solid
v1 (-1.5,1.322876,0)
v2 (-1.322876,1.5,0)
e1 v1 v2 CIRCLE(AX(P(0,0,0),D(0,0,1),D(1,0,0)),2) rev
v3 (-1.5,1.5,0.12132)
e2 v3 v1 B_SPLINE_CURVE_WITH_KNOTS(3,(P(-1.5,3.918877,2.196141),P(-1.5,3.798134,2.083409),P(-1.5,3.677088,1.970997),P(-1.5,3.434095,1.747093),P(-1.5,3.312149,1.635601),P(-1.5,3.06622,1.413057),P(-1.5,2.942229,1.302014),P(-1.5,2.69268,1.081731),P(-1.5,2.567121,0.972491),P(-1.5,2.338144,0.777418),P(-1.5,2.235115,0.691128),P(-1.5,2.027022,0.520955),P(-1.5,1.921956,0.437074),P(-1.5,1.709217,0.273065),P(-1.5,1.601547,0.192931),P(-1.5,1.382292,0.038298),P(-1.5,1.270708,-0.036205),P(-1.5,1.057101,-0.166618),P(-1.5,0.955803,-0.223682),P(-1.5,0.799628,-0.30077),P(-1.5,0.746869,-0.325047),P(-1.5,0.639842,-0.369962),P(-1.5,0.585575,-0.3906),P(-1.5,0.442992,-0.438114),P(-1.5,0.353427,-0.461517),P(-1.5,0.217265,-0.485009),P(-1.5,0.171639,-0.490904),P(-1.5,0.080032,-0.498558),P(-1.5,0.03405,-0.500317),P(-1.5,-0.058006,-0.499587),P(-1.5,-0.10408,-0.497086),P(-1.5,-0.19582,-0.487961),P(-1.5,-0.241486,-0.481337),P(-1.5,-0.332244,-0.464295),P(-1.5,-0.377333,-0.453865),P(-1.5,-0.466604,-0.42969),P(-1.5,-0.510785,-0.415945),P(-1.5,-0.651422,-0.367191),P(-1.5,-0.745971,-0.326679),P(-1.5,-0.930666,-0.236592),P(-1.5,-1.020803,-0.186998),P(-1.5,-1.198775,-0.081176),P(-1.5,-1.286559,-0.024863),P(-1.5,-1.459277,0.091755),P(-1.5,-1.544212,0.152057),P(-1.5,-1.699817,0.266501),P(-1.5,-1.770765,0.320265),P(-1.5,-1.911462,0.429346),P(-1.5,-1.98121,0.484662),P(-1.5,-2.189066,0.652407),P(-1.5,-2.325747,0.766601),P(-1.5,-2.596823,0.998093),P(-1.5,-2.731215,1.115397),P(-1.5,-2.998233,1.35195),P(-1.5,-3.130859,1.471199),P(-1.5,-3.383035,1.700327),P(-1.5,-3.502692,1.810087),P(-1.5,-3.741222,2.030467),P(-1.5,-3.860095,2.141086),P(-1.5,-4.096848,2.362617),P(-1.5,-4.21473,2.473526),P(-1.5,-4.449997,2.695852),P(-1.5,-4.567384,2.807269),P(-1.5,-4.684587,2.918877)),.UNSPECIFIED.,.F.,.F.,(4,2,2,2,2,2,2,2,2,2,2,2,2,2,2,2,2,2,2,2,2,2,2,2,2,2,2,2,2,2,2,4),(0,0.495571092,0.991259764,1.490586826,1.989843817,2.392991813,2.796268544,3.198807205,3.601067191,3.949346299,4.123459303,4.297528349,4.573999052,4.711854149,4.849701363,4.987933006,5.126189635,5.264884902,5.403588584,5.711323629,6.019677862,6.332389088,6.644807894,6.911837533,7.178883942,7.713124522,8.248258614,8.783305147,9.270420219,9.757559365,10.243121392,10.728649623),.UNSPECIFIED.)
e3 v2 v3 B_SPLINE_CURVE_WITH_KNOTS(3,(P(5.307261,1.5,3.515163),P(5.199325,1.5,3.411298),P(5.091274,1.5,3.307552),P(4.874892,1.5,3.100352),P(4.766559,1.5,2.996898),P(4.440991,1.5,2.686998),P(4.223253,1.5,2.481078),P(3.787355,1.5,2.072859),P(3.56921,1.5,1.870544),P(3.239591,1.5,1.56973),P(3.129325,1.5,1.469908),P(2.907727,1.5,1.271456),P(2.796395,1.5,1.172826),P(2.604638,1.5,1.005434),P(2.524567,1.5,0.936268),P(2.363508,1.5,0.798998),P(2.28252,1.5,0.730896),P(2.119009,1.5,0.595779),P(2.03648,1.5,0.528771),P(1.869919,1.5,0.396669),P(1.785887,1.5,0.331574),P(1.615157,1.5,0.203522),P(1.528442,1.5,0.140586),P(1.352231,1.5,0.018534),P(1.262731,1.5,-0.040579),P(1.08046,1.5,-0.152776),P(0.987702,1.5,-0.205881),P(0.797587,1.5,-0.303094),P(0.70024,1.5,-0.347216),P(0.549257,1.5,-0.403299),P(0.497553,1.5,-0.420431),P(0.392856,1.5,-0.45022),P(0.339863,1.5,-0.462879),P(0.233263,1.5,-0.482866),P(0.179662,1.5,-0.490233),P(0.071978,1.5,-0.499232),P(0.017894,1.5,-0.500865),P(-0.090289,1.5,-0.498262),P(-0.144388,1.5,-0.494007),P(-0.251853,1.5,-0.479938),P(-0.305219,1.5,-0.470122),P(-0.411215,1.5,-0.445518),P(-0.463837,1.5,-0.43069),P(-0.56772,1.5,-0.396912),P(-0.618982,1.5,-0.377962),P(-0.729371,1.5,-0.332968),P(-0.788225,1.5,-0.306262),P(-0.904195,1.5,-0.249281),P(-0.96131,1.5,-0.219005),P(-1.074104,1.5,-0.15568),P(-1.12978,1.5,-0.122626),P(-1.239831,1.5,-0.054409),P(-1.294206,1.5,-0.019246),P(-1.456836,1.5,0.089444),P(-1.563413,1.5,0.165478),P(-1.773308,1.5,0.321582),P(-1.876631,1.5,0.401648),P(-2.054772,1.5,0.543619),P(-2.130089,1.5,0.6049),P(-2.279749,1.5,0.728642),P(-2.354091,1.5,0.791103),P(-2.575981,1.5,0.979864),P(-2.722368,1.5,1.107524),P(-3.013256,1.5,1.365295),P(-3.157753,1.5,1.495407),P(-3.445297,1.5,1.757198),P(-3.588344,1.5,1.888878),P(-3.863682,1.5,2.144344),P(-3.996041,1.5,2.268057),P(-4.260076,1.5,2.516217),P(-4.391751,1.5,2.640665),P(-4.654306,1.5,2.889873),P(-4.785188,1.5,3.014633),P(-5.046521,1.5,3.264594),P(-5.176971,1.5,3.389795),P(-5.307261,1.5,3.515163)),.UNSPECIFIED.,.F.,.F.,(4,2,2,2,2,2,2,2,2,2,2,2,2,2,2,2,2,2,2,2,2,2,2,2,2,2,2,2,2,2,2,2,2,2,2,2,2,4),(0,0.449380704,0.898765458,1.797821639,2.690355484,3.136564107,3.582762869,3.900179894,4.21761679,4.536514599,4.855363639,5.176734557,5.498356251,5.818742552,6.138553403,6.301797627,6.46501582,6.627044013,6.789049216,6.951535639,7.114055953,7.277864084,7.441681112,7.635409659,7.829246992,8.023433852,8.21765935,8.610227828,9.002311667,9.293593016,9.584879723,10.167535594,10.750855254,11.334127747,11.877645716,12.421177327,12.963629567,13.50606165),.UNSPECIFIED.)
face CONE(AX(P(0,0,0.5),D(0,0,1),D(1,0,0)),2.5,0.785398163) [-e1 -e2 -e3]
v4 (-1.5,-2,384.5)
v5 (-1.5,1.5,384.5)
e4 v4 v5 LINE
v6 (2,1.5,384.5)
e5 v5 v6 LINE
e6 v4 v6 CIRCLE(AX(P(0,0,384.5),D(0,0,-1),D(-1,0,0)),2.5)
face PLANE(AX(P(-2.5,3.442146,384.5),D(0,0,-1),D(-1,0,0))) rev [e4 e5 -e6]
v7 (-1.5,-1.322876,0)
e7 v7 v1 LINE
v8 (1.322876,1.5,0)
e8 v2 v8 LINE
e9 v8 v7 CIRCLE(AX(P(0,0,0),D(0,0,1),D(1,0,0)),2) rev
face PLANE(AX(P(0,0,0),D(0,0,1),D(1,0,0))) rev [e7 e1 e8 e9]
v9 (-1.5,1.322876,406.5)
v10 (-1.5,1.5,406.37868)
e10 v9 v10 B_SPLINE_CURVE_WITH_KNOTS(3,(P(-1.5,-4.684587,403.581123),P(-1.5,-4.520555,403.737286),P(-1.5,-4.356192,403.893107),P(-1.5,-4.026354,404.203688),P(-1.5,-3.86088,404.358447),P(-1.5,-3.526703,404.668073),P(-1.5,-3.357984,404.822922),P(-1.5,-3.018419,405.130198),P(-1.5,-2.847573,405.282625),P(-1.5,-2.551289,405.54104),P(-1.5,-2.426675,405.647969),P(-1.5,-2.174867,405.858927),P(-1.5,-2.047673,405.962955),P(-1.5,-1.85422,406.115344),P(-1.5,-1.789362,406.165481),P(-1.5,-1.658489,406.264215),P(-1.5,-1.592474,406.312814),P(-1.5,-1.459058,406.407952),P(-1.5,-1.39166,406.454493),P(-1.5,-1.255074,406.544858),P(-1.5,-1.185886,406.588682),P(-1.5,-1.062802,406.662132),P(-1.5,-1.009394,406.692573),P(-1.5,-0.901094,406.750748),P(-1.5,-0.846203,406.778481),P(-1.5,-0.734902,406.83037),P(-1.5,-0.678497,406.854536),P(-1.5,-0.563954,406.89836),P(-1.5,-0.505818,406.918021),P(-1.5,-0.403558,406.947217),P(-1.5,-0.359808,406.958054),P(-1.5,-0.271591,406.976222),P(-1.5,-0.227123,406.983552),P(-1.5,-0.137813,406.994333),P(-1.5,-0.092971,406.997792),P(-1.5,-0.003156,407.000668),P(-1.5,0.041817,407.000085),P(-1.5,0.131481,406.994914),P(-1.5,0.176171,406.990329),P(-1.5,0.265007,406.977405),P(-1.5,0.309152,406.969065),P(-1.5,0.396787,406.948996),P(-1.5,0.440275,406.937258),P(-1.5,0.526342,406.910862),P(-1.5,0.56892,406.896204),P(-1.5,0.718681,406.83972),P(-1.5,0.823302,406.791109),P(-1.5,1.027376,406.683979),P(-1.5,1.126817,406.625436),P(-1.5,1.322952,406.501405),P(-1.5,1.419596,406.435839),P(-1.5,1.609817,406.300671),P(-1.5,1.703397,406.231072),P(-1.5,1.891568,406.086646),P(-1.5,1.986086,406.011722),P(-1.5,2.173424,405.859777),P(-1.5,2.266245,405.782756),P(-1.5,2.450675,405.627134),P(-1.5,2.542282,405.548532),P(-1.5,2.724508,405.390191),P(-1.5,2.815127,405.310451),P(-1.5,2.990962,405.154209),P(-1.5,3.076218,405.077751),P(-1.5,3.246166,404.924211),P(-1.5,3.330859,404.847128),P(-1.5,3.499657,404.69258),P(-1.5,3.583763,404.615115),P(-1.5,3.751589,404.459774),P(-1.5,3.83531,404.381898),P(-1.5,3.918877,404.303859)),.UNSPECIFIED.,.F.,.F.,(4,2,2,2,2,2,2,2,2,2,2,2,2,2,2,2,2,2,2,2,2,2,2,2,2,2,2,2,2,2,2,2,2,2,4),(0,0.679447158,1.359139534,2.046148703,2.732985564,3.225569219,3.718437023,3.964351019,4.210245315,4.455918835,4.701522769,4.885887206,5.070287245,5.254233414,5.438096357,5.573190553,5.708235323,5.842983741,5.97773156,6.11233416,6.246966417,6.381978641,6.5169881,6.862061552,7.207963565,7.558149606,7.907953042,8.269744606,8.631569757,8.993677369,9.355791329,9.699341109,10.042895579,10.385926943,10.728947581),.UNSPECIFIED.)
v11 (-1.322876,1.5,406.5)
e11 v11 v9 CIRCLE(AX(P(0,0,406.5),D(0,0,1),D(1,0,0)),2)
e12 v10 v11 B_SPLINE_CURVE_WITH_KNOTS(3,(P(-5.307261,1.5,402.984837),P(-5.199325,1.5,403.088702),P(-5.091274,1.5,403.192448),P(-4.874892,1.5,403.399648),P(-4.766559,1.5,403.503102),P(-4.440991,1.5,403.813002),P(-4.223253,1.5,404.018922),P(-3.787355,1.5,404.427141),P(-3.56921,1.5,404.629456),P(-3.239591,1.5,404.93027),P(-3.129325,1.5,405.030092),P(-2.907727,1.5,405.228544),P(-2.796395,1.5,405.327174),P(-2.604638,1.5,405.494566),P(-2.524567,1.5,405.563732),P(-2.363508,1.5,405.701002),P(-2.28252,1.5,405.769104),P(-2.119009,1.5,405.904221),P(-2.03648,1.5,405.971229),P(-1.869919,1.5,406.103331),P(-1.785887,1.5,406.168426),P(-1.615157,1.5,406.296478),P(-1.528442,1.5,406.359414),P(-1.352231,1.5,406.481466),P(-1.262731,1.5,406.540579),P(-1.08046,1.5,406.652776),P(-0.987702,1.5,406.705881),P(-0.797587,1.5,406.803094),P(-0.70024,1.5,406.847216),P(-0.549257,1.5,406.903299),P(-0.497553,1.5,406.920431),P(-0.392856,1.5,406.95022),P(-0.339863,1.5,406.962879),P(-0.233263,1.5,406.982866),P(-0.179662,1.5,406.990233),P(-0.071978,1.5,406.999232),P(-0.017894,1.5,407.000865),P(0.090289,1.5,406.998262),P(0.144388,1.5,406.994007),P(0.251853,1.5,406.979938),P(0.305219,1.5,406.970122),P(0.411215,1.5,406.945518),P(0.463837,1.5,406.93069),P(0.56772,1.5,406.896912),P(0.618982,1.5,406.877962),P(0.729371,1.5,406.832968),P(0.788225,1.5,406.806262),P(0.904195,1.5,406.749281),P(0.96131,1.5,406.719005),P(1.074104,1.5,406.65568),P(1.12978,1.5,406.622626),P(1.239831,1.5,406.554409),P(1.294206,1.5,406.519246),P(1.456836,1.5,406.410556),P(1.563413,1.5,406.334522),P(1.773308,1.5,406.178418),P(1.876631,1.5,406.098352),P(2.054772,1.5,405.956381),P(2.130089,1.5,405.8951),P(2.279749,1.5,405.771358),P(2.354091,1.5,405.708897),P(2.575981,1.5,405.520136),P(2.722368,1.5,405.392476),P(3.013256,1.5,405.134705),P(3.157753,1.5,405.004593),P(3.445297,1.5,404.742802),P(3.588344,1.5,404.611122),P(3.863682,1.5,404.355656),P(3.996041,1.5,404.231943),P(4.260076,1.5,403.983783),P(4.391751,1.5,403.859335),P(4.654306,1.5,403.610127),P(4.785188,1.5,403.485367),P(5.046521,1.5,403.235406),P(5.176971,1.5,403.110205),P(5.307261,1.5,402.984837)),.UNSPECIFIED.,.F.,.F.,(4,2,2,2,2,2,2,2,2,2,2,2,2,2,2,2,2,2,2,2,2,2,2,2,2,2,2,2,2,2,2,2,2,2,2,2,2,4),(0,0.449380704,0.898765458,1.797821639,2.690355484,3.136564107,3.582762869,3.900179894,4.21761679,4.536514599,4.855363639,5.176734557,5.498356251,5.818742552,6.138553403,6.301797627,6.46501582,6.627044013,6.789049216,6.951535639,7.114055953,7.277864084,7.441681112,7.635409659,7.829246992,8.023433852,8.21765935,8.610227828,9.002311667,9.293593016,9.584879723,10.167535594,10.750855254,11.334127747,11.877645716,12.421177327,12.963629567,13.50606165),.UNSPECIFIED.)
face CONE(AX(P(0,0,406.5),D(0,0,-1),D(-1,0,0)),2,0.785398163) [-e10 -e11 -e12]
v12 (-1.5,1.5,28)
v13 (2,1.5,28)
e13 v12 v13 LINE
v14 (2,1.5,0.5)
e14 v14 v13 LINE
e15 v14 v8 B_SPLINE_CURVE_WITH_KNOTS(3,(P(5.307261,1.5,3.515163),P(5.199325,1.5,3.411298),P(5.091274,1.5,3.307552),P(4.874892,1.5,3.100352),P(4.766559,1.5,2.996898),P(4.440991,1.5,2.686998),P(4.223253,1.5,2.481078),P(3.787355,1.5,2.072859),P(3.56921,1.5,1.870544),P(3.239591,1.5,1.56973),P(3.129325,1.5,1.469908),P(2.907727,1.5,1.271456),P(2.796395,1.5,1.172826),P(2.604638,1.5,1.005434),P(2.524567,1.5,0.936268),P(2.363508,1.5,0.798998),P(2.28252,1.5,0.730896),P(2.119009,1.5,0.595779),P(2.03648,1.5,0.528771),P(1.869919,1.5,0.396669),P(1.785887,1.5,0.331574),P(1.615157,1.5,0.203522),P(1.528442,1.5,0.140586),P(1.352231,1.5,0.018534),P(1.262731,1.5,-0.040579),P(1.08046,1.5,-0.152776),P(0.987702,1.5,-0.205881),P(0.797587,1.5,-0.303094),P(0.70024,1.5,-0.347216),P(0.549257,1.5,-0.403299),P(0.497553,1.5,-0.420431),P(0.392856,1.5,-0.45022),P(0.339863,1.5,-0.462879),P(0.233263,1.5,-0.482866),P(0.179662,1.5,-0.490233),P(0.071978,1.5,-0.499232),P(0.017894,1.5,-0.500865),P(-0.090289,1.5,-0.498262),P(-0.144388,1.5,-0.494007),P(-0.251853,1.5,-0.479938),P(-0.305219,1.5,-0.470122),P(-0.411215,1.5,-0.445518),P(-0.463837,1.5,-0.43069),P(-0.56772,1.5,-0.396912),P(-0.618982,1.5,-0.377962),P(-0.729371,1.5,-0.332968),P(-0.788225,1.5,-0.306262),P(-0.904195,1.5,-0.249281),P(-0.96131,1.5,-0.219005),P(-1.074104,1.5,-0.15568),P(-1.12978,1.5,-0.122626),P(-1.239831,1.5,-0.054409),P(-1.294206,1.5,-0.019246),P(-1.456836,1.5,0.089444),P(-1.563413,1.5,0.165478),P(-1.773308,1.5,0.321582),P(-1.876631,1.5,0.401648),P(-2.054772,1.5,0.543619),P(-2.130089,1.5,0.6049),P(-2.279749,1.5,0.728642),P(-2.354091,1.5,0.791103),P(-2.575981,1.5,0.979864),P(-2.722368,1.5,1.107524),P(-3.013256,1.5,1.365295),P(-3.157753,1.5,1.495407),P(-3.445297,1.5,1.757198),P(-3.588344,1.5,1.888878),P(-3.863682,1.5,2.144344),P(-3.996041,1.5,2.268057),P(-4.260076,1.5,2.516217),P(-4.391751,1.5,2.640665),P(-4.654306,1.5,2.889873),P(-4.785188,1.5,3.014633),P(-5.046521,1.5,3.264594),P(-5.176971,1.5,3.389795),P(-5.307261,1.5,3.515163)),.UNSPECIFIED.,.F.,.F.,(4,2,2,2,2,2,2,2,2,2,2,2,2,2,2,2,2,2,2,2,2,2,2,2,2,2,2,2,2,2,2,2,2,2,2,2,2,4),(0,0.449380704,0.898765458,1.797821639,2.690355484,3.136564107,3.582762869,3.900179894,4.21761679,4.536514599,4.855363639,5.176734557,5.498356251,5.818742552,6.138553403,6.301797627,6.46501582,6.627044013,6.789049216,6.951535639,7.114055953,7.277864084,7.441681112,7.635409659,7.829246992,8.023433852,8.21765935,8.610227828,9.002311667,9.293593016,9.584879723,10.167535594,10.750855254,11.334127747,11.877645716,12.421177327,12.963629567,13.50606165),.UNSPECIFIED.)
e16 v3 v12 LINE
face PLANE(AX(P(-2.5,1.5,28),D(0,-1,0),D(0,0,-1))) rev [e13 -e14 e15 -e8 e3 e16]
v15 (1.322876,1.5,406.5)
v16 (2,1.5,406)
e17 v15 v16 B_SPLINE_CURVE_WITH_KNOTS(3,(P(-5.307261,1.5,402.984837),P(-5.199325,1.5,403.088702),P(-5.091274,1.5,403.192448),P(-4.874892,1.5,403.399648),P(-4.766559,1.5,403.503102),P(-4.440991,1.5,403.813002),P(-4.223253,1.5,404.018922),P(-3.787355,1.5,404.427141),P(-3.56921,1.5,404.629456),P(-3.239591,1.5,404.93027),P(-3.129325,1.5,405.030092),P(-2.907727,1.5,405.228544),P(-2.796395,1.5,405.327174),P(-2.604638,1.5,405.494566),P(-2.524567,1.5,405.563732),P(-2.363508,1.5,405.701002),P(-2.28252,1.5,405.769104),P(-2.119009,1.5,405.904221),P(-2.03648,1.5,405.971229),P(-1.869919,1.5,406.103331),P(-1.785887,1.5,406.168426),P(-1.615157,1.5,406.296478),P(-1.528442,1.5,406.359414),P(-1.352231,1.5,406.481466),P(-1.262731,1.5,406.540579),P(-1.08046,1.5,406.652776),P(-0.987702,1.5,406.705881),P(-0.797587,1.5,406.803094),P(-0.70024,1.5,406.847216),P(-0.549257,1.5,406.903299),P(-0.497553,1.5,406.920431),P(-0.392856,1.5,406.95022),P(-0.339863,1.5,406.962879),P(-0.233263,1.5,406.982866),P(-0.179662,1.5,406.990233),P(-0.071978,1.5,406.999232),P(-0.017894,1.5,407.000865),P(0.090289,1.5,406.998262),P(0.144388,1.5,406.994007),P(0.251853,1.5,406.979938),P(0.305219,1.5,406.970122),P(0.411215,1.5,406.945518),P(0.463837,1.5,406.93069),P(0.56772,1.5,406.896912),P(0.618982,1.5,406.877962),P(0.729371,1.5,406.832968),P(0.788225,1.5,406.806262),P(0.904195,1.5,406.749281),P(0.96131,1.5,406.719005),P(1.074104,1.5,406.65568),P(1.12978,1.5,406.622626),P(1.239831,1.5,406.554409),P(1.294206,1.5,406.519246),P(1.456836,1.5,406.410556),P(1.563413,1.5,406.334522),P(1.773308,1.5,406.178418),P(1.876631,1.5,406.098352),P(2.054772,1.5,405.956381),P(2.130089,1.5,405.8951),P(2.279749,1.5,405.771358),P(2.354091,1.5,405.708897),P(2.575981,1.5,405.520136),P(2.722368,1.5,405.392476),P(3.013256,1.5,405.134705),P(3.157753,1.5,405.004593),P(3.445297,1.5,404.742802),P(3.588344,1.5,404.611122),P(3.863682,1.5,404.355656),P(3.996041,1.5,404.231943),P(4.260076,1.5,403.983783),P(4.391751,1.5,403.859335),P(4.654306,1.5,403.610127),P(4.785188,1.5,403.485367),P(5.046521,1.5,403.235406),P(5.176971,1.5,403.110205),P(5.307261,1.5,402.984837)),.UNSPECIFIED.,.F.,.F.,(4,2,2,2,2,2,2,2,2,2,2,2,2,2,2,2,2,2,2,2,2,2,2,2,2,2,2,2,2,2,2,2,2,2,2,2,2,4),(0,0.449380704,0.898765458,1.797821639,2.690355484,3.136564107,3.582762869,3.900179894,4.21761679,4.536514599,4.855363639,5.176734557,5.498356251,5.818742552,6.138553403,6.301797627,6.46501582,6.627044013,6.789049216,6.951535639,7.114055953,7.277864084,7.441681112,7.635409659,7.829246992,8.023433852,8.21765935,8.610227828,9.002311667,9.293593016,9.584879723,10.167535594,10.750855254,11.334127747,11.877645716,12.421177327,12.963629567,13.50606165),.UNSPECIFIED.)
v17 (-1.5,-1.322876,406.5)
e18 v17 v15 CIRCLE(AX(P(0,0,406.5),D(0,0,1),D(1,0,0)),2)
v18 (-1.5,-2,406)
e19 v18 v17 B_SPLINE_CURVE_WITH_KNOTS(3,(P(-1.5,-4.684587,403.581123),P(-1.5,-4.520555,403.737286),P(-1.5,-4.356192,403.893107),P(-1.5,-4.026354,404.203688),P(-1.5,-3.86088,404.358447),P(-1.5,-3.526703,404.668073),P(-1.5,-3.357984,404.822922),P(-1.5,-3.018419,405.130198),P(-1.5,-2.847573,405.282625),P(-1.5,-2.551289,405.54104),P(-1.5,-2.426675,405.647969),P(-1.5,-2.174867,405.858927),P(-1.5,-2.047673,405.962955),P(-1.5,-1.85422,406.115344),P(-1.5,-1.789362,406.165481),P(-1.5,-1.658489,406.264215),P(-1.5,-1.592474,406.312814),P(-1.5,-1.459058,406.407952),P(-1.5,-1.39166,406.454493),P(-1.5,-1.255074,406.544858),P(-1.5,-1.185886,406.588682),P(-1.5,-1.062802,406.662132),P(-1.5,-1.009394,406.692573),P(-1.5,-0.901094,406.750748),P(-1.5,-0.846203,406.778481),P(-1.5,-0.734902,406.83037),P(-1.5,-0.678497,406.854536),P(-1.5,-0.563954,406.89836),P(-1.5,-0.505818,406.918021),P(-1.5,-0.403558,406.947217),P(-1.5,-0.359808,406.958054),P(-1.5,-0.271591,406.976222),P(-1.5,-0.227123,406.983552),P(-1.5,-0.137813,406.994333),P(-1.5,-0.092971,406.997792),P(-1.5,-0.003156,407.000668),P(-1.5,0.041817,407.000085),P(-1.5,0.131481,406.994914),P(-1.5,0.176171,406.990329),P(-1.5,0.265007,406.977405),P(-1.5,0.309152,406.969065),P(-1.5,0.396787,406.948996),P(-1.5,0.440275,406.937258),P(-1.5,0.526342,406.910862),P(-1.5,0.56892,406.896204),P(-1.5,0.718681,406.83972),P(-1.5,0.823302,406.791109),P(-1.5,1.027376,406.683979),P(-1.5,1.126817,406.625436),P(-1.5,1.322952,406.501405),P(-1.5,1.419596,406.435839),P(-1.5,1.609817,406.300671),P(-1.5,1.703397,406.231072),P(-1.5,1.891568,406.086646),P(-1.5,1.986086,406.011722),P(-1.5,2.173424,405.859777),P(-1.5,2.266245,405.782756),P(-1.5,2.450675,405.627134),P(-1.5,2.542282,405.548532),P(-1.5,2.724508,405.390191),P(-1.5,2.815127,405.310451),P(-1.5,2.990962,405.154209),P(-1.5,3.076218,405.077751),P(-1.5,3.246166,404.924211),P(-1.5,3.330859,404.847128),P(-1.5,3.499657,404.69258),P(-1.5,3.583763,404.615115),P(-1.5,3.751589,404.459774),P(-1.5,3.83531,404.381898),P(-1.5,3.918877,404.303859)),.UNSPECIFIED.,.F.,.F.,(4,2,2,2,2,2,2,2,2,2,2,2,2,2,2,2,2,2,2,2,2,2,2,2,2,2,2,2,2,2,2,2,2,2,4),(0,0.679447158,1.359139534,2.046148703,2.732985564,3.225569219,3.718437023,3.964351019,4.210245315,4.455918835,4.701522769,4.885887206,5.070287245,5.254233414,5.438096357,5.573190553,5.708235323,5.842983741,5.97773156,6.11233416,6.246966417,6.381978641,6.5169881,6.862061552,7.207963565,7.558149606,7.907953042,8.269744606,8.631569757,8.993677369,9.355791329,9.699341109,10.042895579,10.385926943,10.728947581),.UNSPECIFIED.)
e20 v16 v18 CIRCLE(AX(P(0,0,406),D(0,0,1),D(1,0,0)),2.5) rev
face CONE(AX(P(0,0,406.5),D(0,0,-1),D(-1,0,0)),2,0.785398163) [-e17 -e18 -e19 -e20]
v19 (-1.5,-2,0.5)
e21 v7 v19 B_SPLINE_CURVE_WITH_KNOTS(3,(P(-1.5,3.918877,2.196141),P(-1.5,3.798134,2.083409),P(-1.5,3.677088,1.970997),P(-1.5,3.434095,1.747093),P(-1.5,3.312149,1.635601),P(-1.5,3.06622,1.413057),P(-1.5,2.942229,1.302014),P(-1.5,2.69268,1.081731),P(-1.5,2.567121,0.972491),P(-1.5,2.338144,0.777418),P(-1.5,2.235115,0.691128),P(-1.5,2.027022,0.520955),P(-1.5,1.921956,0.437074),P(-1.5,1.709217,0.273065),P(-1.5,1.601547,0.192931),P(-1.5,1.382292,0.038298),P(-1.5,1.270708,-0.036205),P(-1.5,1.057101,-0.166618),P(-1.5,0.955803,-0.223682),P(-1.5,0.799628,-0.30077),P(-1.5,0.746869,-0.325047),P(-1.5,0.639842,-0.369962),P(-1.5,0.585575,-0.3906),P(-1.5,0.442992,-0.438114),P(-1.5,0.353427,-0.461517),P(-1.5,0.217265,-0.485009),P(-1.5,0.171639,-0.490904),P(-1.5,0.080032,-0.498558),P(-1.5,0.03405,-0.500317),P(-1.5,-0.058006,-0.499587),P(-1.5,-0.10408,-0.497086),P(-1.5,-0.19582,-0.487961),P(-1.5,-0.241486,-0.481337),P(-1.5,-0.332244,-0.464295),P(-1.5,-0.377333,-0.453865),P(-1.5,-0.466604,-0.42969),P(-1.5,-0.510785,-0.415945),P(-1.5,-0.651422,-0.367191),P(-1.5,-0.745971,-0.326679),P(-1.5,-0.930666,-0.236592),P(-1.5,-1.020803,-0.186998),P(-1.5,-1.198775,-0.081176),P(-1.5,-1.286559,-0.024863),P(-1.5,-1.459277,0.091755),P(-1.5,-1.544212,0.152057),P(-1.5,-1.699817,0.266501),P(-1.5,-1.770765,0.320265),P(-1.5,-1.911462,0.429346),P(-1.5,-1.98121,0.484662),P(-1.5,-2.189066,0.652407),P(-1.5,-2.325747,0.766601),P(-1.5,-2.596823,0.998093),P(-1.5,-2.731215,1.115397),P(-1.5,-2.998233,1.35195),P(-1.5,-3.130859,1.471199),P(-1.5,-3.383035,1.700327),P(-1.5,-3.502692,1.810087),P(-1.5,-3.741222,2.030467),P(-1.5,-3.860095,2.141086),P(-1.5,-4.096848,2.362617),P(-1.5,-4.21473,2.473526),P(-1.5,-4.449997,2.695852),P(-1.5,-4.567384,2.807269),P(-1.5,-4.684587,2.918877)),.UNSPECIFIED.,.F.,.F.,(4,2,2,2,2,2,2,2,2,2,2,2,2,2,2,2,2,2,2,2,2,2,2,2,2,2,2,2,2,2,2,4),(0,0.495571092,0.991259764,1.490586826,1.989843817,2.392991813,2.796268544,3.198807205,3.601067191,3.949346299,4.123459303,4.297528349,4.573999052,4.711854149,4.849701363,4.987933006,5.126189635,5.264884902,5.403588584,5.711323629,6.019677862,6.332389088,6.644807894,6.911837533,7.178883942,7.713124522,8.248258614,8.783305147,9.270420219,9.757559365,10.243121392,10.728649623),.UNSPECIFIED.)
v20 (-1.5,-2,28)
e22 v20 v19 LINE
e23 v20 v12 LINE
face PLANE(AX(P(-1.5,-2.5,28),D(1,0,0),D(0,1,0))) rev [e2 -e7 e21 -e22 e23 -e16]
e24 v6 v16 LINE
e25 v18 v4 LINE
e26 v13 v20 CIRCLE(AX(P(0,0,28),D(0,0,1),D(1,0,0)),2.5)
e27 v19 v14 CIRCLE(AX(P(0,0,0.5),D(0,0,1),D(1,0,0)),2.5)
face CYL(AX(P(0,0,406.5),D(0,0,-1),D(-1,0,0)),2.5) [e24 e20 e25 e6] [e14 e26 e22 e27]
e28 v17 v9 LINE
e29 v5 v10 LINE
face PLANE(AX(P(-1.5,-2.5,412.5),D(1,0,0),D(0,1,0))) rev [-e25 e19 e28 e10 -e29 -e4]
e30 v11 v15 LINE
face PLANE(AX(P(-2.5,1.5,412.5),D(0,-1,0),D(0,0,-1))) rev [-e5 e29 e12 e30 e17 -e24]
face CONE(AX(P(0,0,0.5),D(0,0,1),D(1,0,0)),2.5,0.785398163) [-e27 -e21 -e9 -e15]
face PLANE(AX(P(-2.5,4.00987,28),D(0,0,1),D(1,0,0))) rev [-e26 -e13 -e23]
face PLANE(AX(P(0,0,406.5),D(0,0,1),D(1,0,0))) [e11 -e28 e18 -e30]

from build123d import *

# Parameters (mm, degrees)
SKETCH_1_R        = 2.5
BODY_DEPTH        = 406.5
CHAMFEREDGES_SIZE = 0.5
SKETCH2_W         = 28.630475487
SKETCH2_H         = 2.50986962
SKETCH2_W_2       = 28
SKETCH2_H_2       = 1.942146438
FIRSTSLOTS_DEPTH  = 407.515374863
CIRPATTERN1_COUNT = 2
CIRPATTERN1_ANGLE = 90


with BuildPart() as part:
    # Эскиз1 → Body (new body)
    with BuildSketch(Plane.XY):
        with Locations(Location((0, 0, 0), (0, 0, 180))):
            Circle(SKETCH_1_R)
    extrude(amount=BODY_DEPTH)

    # ChamferEdges
    chamferedges_edges = [part.edges().sort_by_distance(p)[0] for p in [
        (2.5, 0, 0),
        (2.5, 0, 406.5),
    ]]
    chamfer(chamferedges_edges, length=CHAMFEREDGES_SIZE)

    # Sketch2 → FirstSlots (cut, symmetric)
    with BuildSketch(Plane(origin=(0, 0, 0), x_dir=(0, 0, -1), z_dir=(1, 0, 0))):
        with Locations((-13.684762257, 2.75493481)):
            Rectangle(SKETCH2_W, SKETCH2_H)
        with Locations((-398.5, 2.471073219)):
            Rectangle(SKETCH2_W_2, SKETCH2_H_2)
    firstslots = extrude(amount=FIRSTSLOTS_DEPTH, both=True, mode=Mode.SUBTRACT)

    # CirPattern1: FirstSlots ×2 about axis
    cirpattern1_axis = Axis((0, 0, 406.5), (0, 0, 1))
    for i in range(1, CIRPATTERN1_COUNT):
        add(firstslots.rotate(cirpattern1_axis, i * CIRPATTERN1_ANGLE / (CIRPATTERN1_COUNT - 1)), mode=Mode.SUBTRACT)


solid = part.part
